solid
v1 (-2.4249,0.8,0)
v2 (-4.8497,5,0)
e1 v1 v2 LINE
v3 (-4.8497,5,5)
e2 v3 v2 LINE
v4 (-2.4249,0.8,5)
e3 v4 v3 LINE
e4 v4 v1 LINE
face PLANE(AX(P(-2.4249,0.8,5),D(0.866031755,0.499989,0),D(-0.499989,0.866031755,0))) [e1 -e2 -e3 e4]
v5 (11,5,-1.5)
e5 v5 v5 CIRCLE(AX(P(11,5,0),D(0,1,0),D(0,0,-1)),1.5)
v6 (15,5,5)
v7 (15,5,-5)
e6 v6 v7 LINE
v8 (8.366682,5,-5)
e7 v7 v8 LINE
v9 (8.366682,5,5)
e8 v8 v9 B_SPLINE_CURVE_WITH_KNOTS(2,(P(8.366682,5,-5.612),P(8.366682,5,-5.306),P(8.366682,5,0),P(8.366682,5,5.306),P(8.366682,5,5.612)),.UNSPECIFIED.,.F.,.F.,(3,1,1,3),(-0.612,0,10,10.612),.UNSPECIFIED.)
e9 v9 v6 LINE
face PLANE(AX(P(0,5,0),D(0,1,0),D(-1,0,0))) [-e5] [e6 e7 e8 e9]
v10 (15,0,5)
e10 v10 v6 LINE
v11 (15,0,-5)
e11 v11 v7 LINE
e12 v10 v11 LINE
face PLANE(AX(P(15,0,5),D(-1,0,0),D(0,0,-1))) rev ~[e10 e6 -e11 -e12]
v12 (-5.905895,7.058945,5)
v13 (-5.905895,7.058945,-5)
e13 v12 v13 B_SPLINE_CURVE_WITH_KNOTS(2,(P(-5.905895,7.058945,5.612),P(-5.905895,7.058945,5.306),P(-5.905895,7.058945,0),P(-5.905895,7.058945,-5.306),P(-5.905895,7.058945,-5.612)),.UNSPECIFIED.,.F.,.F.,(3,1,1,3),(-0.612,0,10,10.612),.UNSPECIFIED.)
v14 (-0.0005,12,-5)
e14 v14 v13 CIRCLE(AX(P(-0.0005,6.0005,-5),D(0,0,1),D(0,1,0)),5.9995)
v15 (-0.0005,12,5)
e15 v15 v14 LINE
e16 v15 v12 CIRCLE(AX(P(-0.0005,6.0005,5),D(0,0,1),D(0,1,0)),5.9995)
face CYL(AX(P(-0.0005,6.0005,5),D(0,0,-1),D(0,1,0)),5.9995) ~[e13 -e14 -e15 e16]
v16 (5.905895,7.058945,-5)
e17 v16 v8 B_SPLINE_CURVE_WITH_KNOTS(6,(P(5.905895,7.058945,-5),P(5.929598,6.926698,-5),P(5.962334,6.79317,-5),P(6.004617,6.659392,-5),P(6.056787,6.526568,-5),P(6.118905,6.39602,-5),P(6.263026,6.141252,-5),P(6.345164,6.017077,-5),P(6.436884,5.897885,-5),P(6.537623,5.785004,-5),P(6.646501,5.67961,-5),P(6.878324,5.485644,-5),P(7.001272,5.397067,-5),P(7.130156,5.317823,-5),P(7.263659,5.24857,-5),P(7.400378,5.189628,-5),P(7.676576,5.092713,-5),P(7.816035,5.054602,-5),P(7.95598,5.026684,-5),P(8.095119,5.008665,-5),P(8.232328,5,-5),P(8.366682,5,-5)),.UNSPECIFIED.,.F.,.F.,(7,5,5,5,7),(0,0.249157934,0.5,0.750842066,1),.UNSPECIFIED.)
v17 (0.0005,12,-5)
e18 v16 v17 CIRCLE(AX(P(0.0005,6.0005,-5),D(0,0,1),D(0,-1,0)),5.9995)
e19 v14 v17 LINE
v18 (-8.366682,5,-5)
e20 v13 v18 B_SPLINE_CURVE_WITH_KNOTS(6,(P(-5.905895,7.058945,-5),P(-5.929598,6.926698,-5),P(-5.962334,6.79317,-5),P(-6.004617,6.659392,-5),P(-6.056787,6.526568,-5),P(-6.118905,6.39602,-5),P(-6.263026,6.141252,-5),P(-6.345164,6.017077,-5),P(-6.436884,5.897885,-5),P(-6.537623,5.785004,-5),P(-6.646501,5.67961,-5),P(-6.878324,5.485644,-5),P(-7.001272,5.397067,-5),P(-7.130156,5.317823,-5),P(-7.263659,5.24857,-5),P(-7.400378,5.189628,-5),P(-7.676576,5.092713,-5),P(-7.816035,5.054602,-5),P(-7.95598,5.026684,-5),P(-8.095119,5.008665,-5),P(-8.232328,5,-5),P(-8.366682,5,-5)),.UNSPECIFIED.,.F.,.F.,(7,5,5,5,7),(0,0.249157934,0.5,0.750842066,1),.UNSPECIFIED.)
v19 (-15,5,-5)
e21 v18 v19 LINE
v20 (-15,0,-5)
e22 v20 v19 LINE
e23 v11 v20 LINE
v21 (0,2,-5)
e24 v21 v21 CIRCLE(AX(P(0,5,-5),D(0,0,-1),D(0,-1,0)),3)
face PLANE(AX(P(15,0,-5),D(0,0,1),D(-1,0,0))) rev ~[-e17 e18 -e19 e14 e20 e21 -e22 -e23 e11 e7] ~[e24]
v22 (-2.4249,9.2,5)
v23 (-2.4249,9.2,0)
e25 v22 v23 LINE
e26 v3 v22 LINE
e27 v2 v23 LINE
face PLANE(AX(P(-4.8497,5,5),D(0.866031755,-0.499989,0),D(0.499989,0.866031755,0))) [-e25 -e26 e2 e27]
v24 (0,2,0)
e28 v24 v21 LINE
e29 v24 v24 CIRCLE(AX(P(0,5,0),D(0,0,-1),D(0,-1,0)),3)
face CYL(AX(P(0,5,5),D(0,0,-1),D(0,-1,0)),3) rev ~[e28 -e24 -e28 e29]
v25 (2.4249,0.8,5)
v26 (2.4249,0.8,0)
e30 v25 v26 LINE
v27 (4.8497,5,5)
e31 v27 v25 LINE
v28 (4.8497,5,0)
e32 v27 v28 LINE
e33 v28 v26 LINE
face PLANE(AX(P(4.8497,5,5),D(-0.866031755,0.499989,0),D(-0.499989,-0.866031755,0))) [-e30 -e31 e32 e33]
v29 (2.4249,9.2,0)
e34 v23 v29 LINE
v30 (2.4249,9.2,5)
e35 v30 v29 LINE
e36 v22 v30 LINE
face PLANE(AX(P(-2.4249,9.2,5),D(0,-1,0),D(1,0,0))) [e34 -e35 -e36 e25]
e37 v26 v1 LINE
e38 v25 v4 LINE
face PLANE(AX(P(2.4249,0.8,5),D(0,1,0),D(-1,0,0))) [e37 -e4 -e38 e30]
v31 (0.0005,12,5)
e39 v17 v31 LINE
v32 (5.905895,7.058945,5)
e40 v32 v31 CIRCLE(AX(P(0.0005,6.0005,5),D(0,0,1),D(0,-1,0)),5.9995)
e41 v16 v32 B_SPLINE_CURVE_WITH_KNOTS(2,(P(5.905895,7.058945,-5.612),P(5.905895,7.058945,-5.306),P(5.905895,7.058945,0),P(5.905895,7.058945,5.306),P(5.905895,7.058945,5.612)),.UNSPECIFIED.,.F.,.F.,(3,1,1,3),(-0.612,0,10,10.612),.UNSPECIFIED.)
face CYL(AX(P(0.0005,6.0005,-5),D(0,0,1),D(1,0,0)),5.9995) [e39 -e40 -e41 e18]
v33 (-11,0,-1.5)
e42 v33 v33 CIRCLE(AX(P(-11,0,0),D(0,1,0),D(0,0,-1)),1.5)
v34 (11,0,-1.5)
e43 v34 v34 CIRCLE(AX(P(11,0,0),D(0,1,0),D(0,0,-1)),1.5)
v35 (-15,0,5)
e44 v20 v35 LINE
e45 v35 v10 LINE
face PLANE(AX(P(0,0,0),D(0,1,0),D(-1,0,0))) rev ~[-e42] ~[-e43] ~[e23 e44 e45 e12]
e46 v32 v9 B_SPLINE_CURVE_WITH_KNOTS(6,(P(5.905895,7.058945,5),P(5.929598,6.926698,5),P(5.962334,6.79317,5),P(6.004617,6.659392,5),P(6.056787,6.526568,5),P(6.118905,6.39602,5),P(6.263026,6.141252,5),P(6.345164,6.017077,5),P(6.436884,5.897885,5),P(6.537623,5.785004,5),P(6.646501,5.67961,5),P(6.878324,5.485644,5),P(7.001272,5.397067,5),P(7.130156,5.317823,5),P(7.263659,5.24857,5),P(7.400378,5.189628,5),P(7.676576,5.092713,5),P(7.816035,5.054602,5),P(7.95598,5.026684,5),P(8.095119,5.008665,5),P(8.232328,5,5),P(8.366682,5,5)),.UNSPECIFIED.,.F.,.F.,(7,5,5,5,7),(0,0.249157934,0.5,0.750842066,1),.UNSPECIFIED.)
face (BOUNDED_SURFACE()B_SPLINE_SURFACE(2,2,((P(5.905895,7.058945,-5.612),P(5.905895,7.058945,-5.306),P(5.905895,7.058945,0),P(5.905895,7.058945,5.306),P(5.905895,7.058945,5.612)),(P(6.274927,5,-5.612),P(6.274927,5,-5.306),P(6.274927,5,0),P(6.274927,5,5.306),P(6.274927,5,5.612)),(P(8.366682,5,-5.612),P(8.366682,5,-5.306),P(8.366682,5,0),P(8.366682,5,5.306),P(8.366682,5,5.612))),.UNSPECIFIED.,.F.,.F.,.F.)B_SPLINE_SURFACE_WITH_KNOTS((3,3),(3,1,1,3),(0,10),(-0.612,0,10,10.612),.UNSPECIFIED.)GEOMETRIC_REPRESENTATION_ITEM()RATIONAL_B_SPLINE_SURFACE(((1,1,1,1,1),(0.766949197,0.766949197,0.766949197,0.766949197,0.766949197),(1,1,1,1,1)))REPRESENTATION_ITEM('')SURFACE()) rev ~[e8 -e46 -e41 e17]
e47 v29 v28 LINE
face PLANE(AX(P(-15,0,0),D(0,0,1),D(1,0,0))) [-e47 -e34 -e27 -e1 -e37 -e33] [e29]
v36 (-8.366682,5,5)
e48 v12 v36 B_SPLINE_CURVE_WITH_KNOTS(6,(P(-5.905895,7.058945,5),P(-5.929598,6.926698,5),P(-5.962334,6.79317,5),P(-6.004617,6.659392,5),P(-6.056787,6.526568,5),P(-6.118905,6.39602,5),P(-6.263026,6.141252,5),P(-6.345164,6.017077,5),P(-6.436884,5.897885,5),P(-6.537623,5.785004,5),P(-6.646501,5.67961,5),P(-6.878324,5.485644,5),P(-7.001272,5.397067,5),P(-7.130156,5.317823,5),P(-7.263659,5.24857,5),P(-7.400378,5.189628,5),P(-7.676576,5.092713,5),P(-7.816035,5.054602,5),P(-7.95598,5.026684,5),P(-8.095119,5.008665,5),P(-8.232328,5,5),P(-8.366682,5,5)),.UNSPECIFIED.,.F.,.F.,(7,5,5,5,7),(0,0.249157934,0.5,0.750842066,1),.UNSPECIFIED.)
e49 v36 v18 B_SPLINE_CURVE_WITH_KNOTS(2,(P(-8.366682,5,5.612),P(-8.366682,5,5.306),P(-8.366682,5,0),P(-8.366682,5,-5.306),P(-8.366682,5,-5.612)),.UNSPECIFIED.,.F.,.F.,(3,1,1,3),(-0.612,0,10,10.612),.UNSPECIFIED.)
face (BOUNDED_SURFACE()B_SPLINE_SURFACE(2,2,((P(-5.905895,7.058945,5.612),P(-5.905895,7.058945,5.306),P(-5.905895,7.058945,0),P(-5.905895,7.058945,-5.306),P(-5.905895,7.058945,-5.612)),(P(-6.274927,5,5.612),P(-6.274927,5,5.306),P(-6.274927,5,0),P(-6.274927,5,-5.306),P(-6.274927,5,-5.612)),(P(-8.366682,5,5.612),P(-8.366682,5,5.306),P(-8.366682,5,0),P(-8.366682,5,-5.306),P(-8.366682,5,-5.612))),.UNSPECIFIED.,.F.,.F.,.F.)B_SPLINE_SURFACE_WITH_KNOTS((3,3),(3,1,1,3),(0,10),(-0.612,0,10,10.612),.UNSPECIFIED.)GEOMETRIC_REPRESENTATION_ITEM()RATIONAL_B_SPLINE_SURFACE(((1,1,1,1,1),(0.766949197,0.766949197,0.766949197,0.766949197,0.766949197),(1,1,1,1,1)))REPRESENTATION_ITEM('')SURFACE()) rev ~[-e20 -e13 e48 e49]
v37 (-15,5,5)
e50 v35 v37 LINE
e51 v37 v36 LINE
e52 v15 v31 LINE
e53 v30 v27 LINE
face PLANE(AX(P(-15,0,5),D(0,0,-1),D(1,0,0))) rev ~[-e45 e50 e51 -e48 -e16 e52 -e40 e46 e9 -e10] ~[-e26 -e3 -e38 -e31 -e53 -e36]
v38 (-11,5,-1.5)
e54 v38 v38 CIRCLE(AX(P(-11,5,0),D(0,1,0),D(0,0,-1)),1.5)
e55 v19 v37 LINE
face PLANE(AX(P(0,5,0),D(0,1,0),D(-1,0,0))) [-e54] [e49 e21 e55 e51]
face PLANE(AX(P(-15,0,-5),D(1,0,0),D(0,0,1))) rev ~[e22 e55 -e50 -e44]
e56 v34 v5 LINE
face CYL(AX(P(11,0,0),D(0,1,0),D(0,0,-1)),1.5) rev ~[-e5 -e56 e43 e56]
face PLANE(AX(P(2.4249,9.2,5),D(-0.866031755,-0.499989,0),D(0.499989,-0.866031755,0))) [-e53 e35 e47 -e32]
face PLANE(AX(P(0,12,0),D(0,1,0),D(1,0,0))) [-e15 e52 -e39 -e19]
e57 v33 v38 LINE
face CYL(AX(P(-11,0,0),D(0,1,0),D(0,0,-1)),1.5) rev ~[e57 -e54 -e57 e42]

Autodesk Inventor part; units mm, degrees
ref_plane "YZ Plane" through (0, 0, 0) normal (1, 0, 0) x (0, 1, 0)
ref_plane "XZ Plane" through (0, 0, 0) normal (0, 1, 0) x (-1, 0, 0)
ref_plane "XY Plane" through (0, 0, 0) normal (0, 0, 1) x (1, 0, 0)
sketch "Sketch1" plane through (0, 0, 0) normal (0, 1, 0) x (-1, 0, 0)
  line L0 (15, 5) -> (-15, 5)
  line L1 (-15, 5) -> (-15, -5)
  line L2 (-15, -5) -> (15, -5)
  line L3 (15, -5) -> (15, 5)
  point P0 (0, 0)
  point P1 (15, 0)
  point P2 (0, 5)
  dimension "d0" = 30
  dimension "d1" = 10
extrude "Extrusion1" add sketch "Sketch1" along normal blind 5
sketch "Sketch3" plane through (0, 5, 0) normal (0, 1, 0) x (1, 0, 0)
  line L0 (-15, -5) -> (15, -5) projected
  line L1 (-6, 5) -> (6, 5)
  line L2 (6, 5) -> (6, -5)
  line L3 (6, -5) -> (-6, -5)
  line L4 (-6, -5) -> (-6, 5)
  line L5 (15, 5) -> (-15, 5) projected
  point P0 (0, 0)
  point P1 (0, 5)
  dimension "d13" = 12
  dimension "d14" = 6
extrude "Extrusion2" add sketch "Sketch3" along normal blind 7
sketch "Sketch4" plane through (-15, 0, 5) normal (0, 0, 1) x (1, 0, 0)
  line L0 (9, 12) -> (21, 12) projected
  line L1 (9, 5) -> (9, 12) projected
  line L2 (0, 5) -> (9, 5) projected
  line L3 (0, 0) -> (30, 0) projected
  point P0 (15, 0)
  point P1 (15, 5)
  dimension "d18" = 6
  dimension "d45" = 5
hole "Hole2" at (0, 5, 5) direction (0, 0, -1) diameter 6 end through all
sketch "Sketch5" plane through (-15, 0, 5) normal (0, 0, 1) x (1, 0, 0)
  line L0 (9, 12) -> (21, 12) projected
  line L1 (21, 5) -> (21, 12) projected
  line L2 (0, 5) -> (9, 5) projected
  line L3 (0, 0) -> (30, 0) projected
  line L4 (19.8497, 5) -> (17.4249, 0.8)
  line L5 (17.4249, 0.8) -> (12.5751, 0.8)
  line L6 (12.5751, 0.8) -> (10.1503, 5)
  line L7 (10.1503, 5) -> (12.5751, 9.2)
  line L8 (12.5751, 9.2) -> (17.4249, 9.2)
  line L9 (17.4249, 9.2) -> (19.8497, 5)
  point P0 (15, 0)
  point P1 (15, 5)
  point P2 (13.175, 20)
  point P3 (16.825, 20)
  point P4 (20, 13.175)
  point P5 (20, 16.825)
  point P6 (15, 5)
  dimension "d46" = 5
  dimension "d47" = 8.4
  dimension "d48" = 6
extrude "Extrusion3" cut sketch "Sketch5" against normal blind 5
fillet "Fillet2" radius 6 2 edges at (-6, 12, 0) (6, 12, 0)
fillet "Fillet3" radius 2.5 2 edges at (6, 5, 0) (-6, 5, 0)
sketch "Sketch6" plane through (0, 0, 0) normal (0, -1, 0) x (1, 0, 0)
  line L0 (-15, -5) -> (-15, 5) projected
  line L1 (15, 5) -> (15, -5) projected
  point P0 (0, 0)
  point P1 (-11, 0)
  point P2 (11, 0)
  dimension "d33" = 4
  dimension "d34" = 4
hole "Hole3" at (-11, 0, 0) at (11, 0, 0) direction (0, 1, 0) diameter 3 end through all
equation "\"d14\" = 0.5 * d13"
equation "\"d18\" = d17"
equation "\"d46\" = d45"
equation "\"d48\" = 0.5 * d13"
equation "\"d34\" = d33"
equation "\"d17\" = 6"
properties part number "motor_bracket"
